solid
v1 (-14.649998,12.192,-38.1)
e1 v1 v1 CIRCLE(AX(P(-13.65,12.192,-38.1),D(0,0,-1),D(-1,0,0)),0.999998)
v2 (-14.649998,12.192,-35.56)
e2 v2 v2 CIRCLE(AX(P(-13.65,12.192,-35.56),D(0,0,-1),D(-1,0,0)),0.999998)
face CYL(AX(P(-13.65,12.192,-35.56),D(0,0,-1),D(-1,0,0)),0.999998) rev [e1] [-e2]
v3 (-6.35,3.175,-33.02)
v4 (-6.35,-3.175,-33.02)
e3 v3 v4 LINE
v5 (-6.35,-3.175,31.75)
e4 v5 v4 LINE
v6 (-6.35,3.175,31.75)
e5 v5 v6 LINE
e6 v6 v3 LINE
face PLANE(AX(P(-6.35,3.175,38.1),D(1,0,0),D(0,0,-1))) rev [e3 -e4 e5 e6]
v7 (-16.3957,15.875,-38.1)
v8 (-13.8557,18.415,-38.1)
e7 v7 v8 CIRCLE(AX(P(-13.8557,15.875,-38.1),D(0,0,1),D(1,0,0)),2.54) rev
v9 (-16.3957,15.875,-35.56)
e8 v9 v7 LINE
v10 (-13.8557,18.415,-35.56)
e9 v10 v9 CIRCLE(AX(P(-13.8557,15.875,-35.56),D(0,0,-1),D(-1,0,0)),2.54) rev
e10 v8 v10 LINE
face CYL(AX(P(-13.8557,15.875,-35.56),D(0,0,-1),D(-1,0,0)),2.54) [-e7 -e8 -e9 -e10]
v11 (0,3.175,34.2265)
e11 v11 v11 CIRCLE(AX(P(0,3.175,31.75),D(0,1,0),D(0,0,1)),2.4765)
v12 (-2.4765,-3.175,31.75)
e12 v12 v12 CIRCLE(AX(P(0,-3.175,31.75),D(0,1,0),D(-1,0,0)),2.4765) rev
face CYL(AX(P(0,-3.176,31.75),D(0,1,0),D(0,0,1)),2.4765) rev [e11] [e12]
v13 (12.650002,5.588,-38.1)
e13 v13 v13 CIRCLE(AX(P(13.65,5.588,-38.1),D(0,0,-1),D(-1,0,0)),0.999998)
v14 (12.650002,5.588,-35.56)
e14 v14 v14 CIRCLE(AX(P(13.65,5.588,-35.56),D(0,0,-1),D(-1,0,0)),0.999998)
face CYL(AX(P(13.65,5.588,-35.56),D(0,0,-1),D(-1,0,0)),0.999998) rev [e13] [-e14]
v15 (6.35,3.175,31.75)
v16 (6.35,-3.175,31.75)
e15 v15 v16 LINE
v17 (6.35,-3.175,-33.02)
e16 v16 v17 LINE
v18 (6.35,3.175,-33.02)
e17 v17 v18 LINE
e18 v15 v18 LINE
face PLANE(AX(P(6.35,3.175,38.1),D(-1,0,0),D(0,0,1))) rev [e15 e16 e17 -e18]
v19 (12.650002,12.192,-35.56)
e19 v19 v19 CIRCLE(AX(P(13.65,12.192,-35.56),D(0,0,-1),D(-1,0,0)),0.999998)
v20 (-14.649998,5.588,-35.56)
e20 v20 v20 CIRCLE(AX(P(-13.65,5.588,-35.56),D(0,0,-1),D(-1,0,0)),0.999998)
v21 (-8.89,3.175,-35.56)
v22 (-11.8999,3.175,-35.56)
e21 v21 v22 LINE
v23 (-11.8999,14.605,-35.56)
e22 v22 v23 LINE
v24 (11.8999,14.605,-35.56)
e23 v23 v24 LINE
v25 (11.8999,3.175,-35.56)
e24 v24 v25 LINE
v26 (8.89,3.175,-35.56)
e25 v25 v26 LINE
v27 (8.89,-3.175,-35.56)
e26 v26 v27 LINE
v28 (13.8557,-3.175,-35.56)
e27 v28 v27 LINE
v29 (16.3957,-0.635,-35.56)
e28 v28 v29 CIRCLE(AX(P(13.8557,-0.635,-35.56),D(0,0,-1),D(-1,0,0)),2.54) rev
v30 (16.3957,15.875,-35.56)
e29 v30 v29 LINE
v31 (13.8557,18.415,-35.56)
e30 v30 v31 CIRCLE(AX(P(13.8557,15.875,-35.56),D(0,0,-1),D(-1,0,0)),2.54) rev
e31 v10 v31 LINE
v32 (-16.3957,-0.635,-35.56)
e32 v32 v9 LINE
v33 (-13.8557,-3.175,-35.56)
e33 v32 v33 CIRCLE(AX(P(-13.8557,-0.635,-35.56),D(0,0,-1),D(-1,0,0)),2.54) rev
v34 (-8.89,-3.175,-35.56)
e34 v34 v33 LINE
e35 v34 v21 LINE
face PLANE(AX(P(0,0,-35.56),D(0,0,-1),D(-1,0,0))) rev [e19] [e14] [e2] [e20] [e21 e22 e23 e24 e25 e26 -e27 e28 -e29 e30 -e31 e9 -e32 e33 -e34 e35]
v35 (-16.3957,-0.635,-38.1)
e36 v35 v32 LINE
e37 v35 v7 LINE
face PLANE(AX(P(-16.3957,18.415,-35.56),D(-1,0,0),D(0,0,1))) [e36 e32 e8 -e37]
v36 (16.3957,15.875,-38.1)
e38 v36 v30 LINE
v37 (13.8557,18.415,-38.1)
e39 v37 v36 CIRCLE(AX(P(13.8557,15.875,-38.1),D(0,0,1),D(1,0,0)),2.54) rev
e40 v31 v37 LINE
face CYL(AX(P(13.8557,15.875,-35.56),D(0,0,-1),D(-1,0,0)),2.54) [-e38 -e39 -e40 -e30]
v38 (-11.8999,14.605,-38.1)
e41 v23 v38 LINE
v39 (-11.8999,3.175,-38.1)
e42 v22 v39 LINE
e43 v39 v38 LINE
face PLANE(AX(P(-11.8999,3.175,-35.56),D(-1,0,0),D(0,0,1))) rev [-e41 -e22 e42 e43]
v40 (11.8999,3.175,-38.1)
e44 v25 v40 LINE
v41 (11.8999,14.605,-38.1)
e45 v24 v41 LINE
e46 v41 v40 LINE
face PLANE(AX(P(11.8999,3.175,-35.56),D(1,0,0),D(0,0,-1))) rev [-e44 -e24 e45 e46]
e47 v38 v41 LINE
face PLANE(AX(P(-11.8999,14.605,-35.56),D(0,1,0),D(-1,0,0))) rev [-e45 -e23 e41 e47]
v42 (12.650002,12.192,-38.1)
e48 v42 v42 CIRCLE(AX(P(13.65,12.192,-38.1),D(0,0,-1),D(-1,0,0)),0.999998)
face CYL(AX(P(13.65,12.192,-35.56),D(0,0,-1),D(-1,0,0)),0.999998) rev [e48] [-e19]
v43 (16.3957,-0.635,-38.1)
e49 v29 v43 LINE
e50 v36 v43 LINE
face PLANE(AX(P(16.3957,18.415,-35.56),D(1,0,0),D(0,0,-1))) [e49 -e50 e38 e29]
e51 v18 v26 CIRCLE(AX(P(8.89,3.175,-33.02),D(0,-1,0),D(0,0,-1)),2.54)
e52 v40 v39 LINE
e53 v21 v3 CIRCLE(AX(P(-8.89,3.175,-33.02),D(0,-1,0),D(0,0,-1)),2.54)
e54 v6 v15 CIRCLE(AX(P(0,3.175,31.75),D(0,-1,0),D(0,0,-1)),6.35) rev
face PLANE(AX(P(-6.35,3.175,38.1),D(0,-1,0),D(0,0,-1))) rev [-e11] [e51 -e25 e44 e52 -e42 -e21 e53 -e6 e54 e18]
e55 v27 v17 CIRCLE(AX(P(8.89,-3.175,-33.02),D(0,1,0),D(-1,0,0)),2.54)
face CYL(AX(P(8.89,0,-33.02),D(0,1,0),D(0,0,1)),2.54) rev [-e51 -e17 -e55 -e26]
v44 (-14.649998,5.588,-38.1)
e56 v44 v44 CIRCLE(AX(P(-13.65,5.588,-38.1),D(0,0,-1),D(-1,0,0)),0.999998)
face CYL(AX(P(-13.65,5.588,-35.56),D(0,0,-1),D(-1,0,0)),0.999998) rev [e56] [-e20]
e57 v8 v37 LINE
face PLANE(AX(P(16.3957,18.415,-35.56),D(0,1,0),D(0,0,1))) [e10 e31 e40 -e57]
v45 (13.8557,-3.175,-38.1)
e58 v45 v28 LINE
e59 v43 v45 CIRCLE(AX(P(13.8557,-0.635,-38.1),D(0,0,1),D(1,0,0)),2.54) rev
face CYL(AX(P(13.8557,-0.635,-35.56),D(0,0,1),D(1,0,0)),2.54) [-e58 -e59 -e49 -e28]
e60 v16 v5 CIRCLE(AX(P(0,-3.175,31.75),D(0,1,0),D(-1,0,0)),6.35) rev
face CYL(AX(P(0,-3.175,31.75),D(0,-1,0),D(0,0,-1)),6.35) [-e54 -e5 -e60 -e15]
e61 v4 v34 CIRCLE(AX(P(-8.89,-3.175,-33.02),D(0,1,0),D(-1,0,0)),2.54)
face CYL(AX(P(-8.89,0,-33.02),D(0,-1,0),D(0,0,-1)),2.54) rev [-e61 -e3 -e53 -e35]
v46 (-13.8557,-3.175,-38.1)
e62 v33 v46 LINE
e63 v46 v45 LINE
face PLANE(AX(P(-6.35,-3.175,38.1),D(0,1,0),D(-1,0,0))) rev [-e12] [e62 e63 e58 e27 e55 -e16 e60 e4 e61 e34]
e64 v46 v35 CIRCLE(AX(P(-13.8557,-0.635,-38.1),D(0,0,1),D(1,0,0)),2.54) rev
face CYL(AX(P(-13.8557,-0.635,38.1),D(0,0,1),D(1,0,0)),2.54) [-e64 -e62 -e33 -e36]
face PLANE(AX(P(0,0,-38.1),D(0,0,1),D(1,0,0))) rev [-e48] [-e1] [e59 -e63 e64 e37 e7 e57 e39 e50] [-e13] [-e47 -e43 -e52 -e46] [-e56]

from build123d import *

# Parameters (mm, degrees)
SKETCH1_W           = 12.7
SKETCH1_H           = 6.35
BOSS_EXTRUDE1_DEPTH = 38.1
CUT_EXTRUDE1_REACH  = 41.144
SKETCH2_R           = 2.4765
FILLET1_RADIUS      = 6.35
FILLET1_LENGTH      = 6.35
SKETCH3_W           = 32.7914
SKETCH3_H           = 21.59
SKETCH3_R           = 0.999998
SKETCH3_W_2         = 23.7998
SKETCH3_H_2         = 11.43
BOSS_EXTRUDE2_DEPTH = 2.54
FILLET3_R           = 2.54


with BuildPart() as part:
    # Sketch1 → Boss-Extrude1 (new, symmetric)
    with BuildSketch(Plane.XY):
        Rectangle(SKETCH1_W, SKETCH1_H)
    extrude(amount=BOSS_EXTRUDE1_DEPTH, both=True)

    # Sketch2 → Cut-Extrude1 (cut, up to next)
    with BuildSketch(Plane(origin=(0, 3.175, 0), x_dir=(1, 0, 0), z_dir=(0, 1, 0)), mode=Mode.PRIVATE) as cut_extrude1_sk1:
        with Locations(Location((0, -31.75, 0), (0, 0, 270))):
            Circle(SKETCH2_R)
    cut_extrude1_tool1 = extrude(cut_extrude1_sk1.sketch, amount=-CUT_EXTRUDE1_REACH, mode=Mode.PRIVATE) & part.part
    add(cut_extrude1_tool1.solids().sort_by_distance((0, 3.175, 31.75))[0], mode=Mode.SUBTRACT)

    # Fillet1: full round fillet: the end face becomes a half cylinder, R = half its width
    fillet1_face = Plane((0, 0, 38.1), x_dir=(0, 1, 0), z_dir=(0, 0, 1))  # on the end face: x along it, z out of the body
    fillet1_slab = fillet1_face.offset(-FILLET1_RADIUS / 2) * Box(FILLET1_LENGTH, 2 * FILLET1_RADIUS, FILLET1_RADIUS, mode=Mode.PRIVATE)  # the body's end, R deep
    fillet1_round = Plane((0, 0, 31.75), x_dir=(0, 0, 1), z_dir=(0, 1, 0)) * Cylinder(FILLET1_RADIUS, FILLET1_LENGTH, mode=Mode.PRIVATE)  # its axis R under the face
    add(fillet1_slab - fillet1_round, mode=Mode.SUBTRACT)

    # Sketch3 → Boss-Extrude2 (add)
    with BuildSketch(Plane(origin=(0, 0, -38.1), x_dir=(-1, 0, 0), z_dir=(0, 0, -1))):
        with Locations((0, 7.62)):
            Rectangle(SKETCH3_W, SKETCH3_H)
        with Locations((13.65, 5.588)):
            Circle(SKETCH3_R, mode=Mode.SUBTRACT)
        with Locations((13.65, 12.192)):
            Circle(SKETCH3_R, mode=Mode.SUBTRACT)
        with Locations((-13.65, 5.588)):
            Circle(SKETCH3_R, mode=Mode.SUBTRACT)
        with Locations((-13.65, 12.192)):
            Circle(SKETCH3_R, mode=Mode.SUBTRACT)
        with Locations((0, 8.89)):
            Rectangle(SKETCH3_W_2, SKETCH3_H_2, mode=Mode.SUBTRACT)
    extrude(amount=-BOSS_EXTRUDE2_DEPTH)

    # Fillet3
    fillet3_edges = [part.edges().sort_by_distance(p)[0] for p in [
        (-6.35, 0, -35.56),
        (6.35, 0, -35.56),
        (-16.3957, -3.175, -36.83),
        (16.3957, -3.175, -36.83),
        (16.3957, 18.415, -36.83),
        (-16.3957, 18.415, -36.83),
    ]]
    fillet(fillet3_edges, radius=FILLET3_R)


solid = part.part
